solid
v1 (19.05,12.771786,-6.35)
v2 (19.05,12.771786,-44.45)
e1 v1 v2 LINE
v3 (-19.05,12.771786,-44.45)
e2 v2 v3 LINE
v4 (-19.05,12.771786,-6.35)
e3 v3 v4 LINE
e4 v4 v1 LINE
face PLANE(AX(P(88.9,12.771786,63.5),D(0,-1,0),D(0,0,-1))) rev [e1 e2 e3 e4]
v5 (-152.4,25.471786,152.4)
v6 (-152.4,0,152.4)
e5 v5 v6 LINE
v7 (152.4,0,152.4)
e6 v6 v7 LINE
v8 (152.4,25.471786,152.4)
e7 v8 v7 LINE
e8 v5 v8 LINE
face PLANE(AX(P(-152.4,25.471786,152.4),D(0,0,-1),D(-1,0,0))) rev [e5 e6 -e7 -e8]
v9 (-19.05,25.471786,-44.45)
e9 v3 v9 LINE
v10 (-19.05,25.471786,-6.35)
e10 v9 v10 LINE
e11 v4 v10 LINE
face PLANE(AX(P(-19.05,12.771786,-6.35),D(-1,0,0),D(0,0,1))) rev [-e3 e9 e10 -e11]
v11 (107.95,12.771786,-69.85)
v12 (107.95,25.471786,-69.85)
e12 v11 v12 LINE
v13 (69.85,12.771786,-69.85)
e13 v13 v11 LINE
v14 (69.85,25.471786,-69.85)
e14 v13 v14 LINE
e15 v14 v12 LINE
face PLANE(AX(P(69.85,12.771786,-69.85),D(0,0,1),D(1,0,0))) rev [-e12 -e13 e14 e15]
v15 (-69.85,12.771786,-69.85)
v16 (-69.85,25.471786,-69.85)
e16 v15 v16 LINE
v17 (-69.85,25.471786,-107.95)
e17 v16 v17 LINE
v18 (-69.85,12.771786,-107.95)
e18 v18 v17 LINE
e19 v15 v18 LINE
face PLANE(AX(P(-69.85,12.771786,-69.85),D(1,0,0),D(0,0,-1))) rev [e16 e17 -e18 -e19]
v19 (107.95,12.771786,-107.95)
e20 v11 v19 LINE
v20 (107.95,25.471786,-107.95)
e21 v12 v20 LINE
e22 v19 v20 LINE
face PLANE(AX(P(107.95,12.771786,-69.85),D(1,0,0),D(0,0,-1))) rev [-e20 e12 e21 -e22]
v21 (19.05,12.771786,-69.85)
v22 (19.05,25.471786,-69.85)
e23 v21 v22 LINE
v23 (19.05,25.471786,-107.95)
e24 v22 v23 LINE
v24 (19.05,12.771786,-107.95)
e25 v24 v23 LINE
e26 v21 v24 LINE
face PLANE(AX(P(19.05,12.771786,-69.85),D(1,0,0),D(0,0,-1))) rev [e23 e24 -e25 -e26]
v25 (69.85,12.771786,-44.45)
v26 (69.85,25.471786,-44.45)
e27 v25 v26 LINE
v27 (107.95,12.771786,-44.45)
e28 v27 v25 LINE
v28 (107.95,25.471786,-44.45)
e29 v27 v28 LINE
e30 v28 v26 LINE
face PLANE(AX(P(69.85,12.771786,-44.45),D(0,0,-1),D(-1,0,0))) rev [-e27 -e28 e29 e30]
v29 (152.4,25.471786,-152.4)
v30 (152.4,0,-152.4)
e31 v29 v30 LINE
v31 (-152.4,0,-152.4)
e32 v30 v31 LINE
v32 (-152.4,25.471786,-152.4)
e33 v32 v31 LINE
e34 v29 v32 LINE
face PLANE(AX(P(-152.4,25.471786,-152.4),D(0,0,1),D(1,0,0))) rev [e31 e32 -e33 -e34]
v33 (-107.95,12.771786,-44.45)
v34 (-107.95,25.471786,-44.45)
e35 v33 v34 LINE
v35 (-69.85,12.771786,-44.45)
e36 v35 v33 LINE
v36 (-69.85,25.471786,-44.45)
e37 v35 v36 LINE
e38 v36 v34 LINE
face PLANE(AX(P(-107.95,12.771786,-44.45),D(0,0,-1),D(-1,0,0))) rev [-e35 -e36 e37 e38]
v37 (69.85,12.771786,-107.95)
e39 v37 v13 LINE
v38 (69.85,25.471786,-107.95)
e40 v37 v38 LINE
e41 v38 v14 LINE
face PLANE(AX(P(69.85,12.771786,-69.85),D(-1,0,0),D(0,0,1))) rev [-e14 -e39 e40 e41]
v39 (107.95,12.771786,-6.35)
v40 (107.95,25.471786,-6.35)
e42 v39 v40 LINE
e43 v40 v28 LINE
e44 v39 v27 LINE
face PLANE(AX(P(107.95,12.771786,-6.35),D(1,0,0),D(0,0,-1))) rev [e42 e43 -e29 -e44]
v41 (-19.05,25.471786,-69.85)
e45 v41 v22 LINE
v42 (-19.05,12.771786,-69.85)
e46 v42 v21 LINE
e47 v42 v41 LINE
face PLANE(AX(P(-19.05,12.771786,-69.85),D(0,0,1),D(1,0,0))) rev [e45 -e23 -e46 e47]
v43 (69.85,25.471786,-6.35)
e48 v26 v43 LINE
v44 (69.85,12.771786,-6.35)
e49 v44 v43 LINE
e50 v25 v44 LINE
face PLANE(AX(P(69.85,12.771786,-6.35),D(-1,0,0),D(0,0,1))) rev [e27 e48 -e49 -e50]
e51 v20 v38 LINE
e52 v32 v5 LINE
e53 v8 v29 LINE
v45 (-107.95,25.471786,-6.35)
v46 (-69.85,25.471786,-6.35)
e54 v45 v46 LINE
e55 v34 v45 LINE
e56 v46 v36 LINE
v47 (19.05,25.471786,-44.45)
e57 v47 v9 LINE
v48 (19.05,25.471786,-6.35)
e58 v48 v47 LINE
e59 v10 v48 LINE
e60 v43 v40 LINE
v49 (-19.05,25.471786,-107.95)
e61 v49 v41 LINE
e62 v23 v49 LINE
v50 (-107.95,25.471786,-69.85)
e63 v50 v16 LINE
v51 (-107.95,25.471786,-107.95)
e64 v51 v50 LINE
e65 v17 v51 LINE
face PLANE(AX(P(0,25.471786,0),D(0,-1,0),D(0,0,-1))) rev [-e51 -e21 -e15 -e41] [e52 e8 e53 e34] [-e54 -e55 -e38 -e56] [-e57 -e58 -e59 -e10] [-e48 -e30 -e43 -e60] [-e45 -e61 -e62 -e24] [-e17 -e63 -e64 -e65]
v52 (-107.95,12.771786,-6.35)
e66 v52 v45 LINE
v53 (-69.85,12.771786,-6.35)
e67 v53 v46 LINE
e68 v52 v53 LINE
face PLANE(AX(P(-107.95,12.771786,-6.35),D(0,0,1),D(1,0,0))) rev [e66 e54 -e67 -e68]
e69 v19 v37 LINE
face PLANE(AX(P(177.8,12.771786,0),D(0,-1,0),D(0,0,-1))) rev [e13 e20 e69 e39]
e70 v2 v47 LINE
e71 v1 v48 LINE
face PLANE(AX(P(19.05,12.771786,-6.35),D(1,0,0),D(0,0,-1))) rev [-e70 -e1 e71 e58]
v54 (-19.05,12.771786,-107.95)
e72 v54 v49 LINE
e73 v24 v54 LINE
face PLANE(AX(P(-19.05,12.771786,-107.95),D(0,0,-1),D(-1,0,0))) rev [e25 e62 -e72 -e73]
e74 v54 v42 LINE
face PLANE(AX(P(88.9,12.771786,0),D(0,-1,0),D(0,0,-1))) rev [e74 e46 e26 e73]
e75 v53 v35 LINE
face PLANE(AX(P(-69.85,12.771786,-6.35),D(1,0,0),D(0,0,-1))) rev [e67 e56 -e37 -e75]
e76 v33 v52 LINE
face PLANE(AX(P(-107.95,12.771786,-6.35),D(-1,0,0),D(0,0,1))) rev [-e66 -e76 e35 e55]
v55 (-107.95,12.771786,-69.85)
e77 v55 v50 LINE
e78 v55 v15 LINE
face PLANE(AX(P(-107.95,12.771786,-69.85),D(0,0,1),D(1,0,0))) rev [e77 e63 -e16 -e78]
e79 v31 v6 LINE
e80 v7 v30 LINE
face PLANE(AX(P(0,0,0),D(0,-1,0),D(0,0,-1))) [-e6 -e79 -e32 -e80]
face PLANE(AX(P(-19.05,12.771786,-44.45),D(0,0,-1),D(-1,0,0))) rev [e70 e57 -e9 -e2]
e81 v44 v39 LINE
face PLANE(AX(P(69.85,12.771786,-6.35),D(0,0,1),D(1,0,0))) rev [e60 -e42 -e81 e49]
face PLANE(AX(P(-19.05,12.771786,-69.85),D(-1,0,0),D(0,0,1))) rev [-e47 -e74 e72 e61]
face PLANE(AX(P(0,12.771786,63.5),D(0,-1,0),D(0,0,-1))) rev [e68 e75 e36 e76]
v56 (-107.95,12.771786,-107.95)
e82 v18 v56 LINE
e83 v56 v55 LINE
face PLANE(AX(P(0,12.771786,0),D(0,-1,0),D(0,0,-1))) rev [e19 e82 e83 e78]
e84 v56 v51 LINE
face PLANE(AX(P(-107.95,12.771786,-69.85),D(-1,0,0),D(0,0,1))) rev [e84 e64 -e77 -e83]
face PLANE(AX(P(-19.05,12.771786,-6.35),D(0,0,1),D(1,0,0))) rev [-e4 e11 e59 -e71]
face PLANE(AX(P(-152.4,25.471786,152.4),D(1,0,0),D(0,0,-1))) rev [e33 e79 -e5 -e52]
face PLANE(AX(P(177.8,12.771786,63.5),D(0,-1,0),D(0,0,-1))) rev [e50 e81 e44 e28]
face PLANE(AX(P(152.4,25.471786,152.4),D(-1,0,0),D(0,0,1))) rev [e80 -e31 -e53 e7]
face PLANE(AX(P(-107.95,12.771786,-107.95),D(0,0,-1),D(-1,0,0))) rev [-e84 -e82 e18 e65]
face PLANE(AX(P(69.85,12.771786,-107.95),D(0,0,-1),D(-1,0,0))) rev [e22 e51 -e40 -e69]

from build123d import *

# Parameters (mm, degrees)
SKETCH1_W            = 304.8
SKETCH1_H            = 304.8
BOSS_EXTRUDE1_DEPTH  = 25.471786057
SKETCH2_W            = 38.1
SKETCH2_H            = 38.1
CUT_EXTRUDE1_DEPTH   = 12.7
LPATTERN1_COUNT      = 2
LPATTERN1_PITCH      = 63.5
LPATTERN1_COUNT_DIR2 = 3
LPATTERN1_PITCH_DIR2 = 88.9


with BuildPart() as part:
    # Sketch1 → Boss-Extrude1 (new body)
    with BuildSketch(Plane(origin=(0, 0, 0), x_dir=(1, 0, 0), z_dir=(0, 1, 0))):
        Rectangle(SKETCH1_W, SKETCH1_H)
    extrude(amount=BOSS_EXTRUDE1_DEPTH)

    # Sketch2 → Cut-Extrude1 (cut)
    with BuildSketch(Plane(origin=(0, 25.471786057, 0), x_dir=(1, 0, 0), z_dir=(0, 1, 0))):
        with Locations((-88.9, 88.9)):
            Rectangle(SKETCH2_W, SKETCH2_H)
    cut_extrude1 = extrude(amount=-CUT_EXTRUDE1_DEPTH, mode=Mode.SUBTRACT)

    # LPattern1: Cut-Extrude1 2 × 3
    with Locations(*[(j * LPATTERN1_PITCH_DIR2, 0, i * LPATTERN1_PITCH) for i in range(LPATTERN1_COUNT) for j in range(LPATTERN1_COUNT_DIR2) if (i, j) != (0, 0)]):
        add(cut_extrude1, mode=Mode.SUBTRACT)


solid = part.part
